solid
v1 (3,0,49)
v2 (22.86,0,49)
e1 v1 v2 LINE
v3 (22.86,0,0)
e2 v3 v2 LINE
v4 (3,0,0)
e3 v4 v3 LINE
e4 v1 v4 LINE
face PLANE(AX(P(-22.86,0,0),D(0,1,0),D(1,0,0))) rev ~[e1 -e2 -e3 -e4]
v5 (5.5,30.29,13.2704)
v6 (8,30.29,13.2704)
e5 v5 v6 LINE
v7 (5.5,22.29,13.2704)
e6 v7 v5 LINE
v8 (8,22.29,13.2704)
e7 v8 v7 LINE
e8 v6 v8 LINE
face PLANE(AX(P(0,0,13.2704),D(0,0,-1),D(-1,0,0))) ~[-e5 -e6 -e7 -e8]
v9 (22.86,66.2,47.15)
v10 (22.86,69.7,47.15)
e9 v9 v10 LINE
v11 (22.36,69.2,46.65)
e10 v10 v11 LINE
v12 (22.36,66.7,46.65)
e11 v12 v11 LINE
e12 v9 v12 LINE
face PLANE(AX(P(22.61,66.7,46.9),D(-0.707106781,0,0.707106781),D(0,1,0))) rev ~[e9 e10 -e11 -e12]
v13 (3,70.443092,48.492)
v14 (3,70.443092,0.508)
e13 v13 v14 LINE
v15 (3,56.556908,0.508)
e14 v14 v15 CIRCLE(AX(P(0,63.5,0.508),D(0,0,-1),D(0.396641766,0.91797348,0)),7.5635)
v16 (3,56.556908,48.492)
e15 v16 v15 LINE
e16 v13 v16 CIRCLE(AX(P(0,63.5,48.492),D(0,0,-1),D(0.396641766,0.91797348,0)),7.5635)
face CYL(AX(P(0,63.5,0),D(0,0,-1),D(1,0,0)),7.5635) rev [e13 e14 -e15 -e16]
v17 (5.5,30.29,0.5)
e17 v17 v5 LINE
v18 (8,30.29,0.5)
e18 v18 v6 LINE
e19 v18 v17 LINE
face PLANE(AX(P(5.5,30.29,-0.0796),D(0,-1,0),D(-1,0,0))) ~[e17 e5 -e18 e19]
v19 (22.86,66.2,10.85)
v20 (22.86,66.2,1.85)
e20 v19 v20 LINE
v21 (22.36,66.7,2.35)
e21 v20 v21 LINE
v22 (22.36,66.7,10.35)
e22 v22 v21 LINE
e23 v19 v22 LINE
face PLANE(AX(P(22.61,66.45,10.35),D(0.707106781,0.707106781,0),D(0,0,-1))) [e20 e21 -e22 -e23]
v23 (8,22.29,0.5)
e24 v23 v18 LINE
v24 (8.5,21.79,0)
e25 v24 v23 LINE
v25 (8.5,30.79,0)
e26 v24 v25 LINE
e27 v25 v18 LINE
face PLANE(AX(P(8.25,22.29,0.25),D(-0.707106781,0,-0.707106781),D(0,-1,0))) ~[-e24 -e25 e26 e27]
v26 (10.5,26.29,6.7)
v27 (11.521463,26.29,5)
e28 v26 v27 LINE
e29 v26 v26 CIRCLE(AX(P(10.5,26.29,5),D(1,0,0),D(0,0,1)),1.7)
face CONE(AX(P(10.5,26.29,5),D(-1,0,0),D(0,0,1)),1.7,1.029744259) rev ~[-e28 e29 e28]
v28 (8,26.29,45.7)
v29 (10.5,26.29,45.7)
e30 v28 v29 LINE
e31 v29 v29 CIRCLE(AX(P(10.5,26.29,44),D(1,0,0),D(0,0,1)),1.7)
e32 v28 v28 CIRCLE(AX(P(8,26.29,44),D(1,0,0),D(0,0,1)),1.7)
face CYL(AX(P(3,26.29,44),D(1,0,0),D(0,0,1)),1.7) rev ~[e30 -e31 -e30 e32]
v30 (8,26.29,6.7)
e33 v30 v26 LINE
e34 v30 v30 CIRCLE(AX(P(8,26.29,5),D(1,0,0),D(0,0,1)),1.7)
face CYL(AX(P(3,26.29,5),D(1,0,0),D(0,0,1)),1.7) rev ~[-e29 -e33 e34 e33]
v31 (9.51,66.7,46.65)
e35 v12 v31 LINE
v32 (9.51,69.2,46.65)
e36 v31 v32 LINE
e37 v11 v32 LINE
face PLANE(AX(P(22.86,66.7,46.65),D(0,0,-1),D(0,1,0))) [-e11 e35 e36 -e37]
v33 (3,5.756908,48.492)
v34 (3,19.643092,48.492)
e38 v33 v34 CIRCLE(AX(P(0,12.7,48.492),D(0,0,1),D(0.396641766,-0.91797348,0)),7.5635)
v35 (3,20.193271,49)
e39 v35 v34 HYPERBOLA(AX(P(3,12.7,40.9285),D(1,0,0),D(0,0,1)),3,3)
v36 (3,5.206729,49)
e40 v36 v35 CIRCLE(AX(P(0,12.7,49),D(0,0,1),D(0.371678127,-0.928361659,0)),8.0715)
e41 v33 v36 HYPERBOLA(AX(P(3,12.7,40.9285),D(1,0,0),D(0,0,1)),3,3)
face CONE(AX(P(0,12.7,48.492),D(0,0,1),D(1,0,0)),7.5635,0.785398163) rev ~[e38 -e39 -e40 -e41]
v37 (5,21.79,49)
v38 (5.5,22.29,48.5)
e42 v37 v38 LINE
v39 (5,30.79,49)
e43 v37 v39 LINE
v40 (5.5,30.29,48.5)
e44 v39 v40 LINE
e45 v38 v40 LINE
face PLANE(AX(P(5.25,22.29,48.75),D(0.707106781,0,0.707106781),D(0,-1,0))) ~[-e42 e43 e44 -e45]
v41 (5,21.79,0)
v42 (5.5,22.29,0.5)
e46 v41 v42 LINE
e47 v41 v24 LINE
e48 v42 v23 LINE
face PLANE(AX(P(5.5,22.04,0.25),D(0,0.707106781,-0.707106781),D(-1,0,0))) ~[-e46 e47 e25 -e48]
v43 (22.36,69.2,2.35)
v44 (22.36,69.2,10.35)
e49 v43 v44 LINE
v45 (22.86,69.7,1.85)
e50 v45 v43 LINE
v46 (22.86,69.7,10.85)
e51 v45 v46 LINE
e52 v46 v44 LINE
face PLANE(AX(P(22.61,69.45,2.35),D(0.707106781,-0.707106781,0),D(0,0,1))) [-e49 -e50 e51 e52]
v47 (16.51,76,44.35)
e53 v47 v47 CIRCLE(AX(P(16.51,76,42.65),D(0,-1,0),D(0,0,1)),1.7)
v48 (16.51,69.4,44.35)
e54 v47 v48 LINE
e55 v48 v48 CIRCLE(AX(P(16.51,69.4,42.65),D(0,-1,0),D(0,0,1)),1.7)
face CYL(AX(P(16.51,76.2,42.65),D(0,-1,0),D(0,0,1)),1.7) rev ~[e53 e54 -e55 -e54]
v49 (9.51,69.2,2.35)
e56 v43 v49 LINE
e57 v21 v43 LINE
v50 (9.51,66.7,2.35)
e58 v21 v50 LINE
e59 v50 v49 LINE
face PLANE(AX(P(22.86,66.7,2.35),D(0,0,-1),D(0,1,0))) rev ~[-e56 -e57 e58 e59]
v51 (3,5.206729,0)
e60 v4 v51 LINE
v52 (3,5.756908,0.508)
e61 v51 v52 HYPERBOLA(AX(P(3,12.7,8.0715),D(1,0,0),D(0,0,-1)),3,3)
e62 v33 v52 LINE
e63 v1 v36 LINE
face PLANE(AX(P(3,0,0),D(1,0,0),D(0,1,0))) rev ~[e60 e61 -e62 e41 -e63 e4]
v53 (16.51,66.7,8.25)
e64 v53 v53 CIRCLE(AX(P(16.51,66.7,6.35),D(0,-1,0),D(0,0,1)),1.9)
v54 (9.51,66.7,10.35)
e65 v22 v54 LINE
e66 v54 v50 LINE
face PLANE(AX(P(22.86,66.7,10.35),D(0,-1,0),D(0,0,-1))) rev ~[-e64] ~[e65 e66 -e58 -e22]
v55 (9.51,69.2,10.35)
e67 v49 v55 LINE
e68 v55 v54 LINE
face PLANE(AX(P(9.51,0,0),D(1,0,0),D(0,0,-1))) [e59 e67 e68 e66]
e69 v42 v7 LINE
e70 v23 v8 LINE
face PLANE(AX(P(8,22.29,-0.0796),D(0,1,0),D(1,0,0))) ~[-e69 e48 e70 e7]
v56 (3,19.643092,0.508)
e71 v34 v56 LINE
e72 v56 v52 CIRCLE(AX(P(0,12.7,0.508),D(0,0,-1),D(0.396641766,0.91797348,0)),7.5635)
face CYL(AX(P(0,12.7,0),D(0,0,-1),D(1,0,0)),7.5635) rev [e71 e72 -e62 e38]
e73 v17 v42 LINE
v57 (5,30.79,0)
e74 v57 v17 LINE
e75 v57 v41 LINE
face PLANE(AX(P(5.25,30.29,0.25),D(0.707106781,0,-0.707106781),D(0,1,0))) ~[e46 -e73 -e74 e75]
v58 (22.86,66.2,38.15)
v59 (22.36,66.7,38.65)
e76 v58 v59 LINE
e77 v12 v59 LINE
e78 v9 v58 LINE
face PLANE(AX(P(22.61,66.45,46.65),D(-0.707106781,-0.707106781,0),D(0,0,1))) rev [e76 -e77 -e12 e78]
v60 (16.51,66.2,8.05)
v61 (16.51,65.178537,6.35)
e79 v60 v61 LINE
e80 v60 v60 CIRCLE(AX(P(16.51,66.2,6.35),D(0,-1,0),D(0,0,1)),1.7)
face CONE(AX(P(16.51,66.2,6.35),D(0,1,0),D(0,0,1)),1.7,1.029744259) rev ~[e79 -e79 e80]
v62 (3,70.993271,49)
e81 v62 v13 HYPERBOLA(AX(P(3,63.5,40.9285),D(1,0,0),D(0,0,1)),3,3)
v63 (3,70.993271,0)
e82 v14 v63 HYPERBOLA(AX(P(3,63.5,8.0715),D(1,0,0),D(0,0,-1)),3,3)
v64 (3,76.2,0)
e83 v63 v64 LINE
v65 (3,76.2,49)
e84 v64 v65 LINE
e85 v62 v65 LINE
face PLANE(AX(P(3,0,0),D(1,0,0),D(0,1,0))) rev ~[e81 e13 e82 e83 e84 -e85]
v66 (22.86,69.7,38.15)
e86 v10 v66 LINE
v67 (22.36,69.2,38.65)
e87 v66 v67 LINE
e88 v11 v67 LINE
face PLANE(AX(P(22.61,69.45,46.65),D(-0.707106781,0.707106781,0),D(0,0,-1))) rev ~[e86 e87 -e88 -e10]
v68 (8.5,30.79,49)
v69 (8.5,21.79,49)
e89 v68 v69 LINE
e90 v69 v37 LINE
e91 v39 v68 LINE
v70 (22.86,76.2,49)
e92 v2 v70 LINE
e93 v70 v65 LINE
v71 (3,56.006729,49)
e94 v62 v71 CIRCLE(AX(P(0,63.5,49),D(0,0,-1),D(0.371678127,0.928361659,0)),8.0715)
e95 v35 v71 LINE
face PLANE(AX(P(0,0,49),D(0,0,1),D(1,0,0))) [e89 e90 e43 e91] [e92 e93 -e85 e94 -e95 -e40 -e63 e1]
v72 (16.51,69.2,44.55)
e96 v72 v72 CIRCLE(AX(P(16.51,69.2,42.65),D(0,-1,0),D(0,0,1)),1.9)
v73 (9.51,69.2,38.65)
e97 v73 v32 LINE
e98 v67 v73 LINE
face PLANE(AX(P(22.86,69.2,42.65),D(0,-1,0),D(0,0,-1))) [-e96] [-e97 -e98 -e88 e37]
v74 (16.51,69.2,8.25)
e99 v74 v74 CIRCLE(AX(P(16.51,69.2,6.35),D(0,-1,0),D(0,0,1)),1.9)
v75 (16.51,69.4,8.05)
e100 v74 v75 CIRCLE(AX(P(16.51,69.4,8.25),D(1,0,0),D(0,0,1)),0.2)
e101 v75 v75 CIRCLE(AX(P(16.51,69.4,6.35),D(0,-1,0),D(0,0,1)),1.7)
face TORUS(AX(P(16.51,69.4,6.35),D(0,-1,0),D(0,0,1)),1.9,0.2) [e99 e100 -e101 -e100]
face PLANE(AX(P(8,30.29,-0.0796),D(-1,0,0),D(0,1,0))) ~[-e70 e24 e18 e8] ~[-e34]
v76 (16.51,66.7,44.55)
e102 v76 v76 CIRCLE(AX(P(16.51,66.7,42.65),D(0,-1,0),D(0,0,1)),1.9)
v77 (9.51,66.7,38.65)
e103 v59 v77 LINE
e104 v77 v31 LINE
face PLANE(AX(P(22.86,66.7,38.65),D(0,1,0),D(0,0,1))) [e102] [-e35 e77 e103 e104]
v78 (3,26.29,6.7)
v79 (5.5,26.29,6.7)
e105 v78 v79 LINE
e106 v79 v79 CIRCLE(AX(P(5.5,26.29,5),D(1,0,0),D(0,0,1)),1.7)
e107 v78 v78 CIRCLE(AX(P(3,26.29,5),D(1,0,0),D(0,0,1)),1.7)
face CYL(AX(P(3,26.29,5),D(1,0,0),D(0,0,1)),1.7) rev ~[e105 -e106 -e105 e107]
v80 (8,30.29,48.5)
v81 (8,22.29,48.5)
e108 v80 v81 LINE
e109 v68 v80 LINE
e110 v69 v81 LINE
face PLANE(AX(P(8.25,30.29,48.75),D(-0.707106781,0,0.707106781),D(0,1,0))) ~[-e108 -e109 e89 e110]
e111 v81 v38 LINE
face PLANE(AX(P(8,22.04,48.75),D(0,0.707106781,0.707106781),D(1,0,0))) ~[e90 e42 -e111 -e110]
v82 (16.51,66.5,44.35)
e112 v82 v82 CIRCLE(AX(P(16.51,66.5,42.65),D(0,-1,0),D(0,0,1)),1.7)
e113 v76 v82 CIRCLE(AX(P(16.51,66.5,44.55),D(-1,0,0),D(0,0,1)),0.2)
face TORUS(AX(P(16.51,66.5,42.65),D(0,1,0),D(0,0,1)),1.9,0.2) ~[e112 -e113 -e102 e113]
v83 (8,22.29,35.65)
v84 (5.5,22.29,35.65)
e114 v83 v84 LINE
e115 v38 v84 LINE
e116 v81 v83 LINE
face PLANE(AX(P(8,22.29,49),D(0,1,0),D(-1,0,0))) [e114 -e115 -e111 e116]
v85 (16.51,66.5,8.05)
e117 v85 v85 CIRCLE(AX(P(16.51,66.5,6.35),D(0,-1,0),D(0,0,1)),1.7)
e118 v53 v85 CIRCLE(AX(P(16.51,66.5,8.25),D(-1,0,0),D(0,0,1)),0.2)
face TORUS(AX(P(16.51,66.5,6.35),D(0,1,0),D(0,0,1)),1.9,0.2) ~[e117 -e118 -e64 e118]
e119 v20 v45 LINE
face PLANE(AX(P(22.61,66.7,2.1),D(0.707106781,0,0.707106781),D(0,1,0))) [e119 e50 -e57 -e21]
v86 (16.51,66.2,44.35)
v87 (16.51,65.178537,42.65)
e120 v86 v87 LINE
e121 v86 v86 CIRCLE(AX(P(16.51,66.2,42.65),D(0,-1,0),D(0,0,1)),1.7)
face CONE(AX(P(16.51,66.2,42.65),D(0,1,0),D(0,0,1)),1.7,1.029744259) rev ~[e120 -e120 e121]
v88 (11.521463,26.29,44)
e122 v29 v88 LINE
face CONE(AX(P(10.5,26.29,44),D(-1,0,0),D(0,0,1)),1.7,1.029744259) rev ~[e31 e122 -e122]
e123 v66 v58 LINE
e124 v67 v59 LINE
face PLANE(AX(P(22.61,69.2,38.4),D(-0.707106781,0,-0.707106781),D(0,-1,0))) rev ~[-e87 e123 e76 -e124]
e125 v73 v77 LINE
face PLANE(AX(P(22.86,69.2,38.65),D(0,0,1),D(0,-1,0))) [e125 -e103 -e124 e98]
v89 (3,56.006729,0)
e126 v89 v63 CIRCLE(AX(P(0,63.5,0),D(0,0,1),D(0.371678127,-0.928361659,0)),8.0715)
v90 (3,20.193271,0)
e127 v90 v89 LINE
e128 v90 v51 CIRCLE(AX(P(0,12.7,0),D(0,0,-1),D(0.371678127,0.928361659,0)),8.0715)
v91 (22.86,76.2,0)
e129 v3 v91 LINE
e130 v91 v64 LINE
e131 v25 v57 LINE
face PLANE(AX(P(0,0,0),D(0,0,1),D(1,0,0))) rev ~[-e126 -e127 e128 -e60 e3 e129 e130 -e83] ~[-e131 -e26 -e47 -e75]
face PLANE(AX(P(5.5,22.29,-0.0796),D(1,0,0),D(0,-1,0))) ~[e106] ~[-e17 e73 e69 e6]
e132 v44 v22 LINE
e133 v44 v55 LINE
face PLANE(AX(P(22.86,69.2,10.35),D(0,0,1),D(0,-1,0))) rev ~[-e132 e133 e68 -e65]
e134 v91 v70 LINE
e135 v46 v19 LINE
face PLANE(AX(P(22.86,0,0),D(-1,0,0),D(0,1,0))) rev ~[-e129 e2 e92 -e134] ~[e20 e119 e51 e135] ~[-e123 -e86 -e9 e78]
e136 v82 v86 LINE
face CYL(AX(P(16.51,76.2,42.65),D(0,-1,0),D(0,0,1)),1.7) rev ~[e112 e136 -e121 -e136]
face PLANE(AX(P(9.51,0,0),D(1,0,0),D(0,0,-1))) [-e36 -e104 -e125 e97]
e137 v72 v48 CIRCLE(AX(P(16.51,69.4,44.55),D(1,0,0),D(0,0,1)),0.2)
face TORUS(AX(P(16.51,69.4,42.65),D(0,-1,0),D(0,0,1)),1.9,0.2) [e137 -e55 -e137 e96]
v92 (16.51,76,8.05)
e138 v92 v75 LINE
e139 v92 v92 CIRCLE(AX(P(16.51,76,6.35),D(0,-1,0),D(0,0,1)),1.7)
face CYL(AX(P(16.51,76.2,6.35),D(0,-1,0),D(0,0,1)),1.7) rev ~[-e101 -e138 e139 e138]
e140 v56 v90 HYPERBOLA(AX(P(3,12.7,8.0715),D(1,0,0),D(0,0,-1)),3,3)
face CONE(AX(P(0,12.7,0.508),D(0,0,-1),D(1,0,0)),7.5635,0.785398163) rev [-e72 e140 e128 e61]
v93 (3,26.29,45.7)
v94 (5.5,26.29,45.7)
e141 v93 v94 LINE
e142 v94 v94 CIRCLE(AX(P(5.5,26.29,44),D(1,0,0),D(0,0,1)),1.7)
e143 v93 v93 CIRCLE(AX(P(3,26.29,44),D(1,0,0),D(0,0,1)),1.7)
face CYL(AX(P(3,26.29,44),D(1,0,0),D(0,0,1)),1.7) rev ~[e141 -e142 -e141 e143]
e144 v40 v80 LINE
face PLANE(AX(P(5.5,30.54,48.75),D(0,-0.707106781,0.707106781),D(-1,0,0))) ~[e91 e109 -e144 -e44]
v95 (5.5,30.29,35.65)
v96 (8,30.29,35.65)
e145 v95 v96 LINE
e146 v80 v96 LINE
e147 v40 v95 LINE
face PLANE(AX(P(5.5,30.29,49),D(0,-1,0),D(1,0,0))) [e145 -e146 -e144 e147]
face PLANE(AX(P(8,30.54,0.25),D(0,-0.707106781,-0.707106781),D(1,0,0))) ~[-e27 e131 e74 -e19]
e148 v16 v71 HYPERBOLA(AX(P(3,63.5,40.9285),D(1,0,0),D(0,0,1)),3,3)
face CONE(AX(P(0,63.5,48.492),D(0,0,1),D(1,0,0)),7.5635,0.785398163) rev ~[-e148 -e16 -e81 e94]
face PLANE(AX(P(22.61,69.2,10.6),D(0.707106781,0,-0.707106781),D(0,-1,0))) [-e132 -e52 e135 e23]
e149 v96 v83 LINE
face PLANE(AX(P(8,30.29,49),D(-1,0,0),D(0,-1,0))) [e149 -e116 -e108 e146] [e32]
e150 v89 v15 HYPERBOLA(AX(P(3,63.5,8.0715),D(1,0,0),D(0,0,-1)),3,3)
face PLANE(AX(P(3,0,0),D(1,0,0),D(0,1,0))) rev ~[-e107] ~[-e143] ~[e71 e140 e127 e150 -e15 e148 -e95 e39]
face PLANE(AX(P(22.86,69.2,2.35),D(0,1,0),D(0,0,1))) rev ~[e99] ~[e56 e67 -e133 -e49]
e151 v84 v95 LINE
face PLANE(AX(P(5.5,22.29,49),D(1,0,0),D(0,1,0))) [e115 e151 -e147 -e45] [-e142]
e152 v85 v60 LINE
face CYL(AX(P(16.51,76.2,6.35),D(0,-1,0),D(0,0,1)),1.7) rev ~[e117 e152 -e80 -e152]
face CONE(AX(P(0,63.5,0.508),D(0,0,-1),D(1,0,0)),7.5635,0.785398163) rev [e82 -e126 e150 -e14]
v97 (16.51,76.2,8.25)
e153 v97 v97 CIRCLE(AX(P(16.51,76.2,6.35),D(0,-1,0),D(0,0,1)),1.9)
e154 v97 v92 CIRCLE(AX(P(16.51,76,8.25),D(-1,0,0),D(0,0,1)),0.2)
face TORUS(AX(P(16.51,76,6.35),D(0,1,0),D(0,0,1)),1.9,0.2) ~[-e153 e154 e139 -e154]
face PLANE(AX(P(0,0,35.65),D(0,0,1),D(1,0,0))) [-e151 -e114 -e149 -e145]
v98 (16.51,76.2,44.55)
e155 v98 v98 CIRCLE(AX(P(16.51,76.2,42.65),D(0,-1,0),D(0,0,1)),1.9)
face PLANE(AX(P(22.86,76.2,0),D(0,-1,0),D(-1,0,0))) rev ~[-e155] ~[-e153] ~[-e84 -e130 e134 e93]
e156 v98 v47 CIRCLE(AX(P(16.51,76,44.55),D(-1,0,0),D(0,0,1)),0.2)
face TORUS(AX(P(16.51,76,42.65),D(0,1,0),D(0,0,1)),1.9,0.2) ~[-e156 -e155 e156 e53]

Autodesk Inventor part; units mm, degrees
sketch "Sketch1" plane through (0, 0, 0) normal (0, 0, 1) x (1, 0, 0)
  line L0 (-22.86, 0) -> (22.86, 0)
  line L1 (22.86, 0) -> (22.86, 76.2)
  line L2 (22.86, 76.2) -> (-22.86, 76.2)
  line L3 (-22.86, 76.2) -> (-22.86, 0)
  circle A0 centre (0, 63.5) radius 7.5635
  circle A1 centre (0, 12.7) radius 7.5635
  point P0 (0, 0)
  point P1 (0, 76.2)
  point P2 (0, 0)
  dimension "d0" = 76.2
  dimension "d1" = 15.127
  dimension "d2" = 15.127
  dimension "d3" = 45.72
  dimension "d4" = 12.7
  dimension "d5" = 50.8
  dimension "d7" = 12.7
  dimension "d8" = 0
extrude "Extrusion1" add sketch "Sketch1" along normal blind 49
chamfer "Chamfer1" distance 0.508 angle 45 4 edges at (-7.5635, 63.5, 49) (-7.5635, 12.7, 49) (-7.5635, 63.5, 0) (-7.5635, 12.7, 0)
ref_plane "Work Plane1" through (0, 0, 0) normal (1, 0, 0) x (0, 1, 0)
ref_plane "Work Plane2" through (3, 0, 0) normal (1, 0, 0) x (0, 1, 0)
sketch "Sketch4" plane through (3, 0, 0) normal (1, 0, 0) x (0, 1, 0)
  line L0 (80.0176, -3.1701) -> (-4.1539, -3.1701)
  line L1 (-4.1539, -3.1701) -> (-4.1539, 52.5799)
  line L2 (-4.1539, 52.5799) -> (80.0176, 52.5799)
  line L3 (80.0176, 52.5799) -> (80.0176, -3.1701)
  point P0 (0, 0)
extrude "Extrusion3" cut sketch "Sketch4" against normal blind 100
sketch "Sketch5" plane through (22.86, 76.2, 49) normal (0, 1, 0) x (1, 0, 0)
  circle A0 centre (-6.35, 42.65) radius 2.6622
  circle A1 centre (-6.35, 6.35) radius 2.7742
  line L0 (0, 49) -> (0, 0) projected
  line L1 (0, 49) -> (-19.86, 49) projected
  line L2 (0, 0) -> (-19.86, 0) projected
  point P0 (-22.86, 49)
  dimension "d29" = 5.3244
  dimension "d30" = 6.35
  dimension "d31" = 6.35
  dimension "d32" = 6.35
  dimension "d33" = 6.35
hole "Hole1" at (16.51, 76.2, 42.65) at (16.51, 76.2, 6.35) direction (0, -1, 0) diameter 3.4 depth 10 tip angle 118 clearance for "Socket Head Cap Screw" size "M3" standard "Ansi Metric M Profile"
sketch "Sketch6" plane through (22.86, 0, 0) normal (1, 0, 0) x (0, 0, -1)
  line L0 (-44.35, 76.2) -> (-40.95, 76.2) projected
  line L1 (-8.05, 76.2) -> (-4.65, 76.2) projected
  line L2 (-42.65, 76.2) -> (-42.65, 0)
  line L3 (0, 0) -> (-49, 0) projected
  line L4 (0, 76.2) -> (-49, 76.2) projected
  line L5 (-24.5, 76.2) -> (-24.5, 0)
  line L6 (-49, 0) -> (0, 0) projected
  line L7 (-46.65, 69.2) -> (-38.65, 69.2)
  line L8 (-38.65, 69.2) -> (-38.65, 66.7)
  line L9 (-38.65, 66.7) -> (-46.65, 66.7)
  line L10 (-46.65, 66.7) -> (-46.65, 69.2)
  line L11 (-2.35, 69.2) -> (-10.35, 69.2)
  line L12 (-10.35, 69.2) -> (-10.35, 66.7)
  line L13 (-10.35, 66.7) -> (-2.35, 66.7)
  line L14 (-2.35, 66.7) -> (-2.35, 69.2)
  point P0 (-42.65, 69.2)
  point P1 (-38.65, 67.95)
  point P2 (-46.65, 67.95)
  dimension "d41" = 2.5
  dimension "d42" = 7
  dimension "d43" = 8
extrude "Extrusion4" cut sketch "Sketch6" against normal blind 13.35 contours L7 L8 L9 L2 | L2 L9 L10 L7 | L14 L13 L12 L11
fillet "Fillet1" radius 0.2 6 edges at (16.51, 76.2, 40.95) (16.51, 76.2, 4.65) (16.51, 66.7, 4.65) (16.51, 69.2, 4.65) (16.51, 69.2, 40.95) (16.51, 66.7, 40.95)
chamfer "Chamfer2" distance 0.5 angle 45 8 edges at (22.86, 69.2, 42.65) (22.86, 67.95, 38.65) (22.86, 66.7, 42.65) (22.86, 67.95, 46.65) (22.86, 69.2, 6.35) (22.86, 67.95, 10.35) (22.86, 66.7, 6.35) (22.86, 67.95, 2.35)
sketch "Sketch7" plane through (3, 0, 0) normal (-1, 0, 0) x (0, 0, 1)
  circle A0 centre (5, 26.29) radius 2.7091
  circle A1 centre (44, 26.29) radius 4.5153
  line L0 (0, 20.1933) -> (0, 56.0067) projected
  line L1 (49, 56.0067) -> (49, 20.1933) projected
  line L2 (49, 0) -> (0, 0) projected
  dimension "d50" = 5
  dimension "d51" = 5
  dimension "d52" = 26.29
  dimension "d53" = 26.29
hole "Hole2" at (3, 26.29, 5) at (3, 26.29, 44) direction (1, 0, 0) diameter 3.4 depth 7.5 tip angle 118
sketch "Sketch8" plane through (0, 0, 49) normal (0, 0, 1) x (1, 0, 0)
  line L0 (5.5, 30.29) -> (8, 30.29)
  line L1 (8, 30.29) -> (8, 22.29)
  line L2 (8, 22.29) -> (5.5, 22.29)
  line L3 (5.5, 22.29) -> (5.5, 30.29)
  line L4 (11.5215, 26.29) -> (10.5, 24.59) projected
  line L5 (3, 56.0067) -> (3, 20.1933) projected
  point P0 (0, 0)
  point P1 (8, 26.29)
  dimension "d61" = 8
  dimension "d62" = 2.5
  dimension "d63" = 2.5
extrude "Extrusion5" cut sketch "Sketch8" against normal blind 13.35
ref_plane "Work Plane3" through (0, 0, 24.4602) normal (0, 0, 1) x (1, 0, 0)
mirror "Mirror2" about plane through (0, 0, 24.4602) normal (0, 0, 1) of "Extrusion5"
chamfer "Chamfer3" distance 0.5 angle 45 8 edges at (8, 26.29, 49) (6.75, 30.29, 49) (5.5, 26.29, 49) (6.75, 22.29, 49) (8, 26.29, 0) (6.75, 30.29, 0) (5.5, 26.29, 0) (6.75, 22.29, 0)
equation "\"d1\" = d2"
properties part number "Carriage Design Right_3DPrint"
